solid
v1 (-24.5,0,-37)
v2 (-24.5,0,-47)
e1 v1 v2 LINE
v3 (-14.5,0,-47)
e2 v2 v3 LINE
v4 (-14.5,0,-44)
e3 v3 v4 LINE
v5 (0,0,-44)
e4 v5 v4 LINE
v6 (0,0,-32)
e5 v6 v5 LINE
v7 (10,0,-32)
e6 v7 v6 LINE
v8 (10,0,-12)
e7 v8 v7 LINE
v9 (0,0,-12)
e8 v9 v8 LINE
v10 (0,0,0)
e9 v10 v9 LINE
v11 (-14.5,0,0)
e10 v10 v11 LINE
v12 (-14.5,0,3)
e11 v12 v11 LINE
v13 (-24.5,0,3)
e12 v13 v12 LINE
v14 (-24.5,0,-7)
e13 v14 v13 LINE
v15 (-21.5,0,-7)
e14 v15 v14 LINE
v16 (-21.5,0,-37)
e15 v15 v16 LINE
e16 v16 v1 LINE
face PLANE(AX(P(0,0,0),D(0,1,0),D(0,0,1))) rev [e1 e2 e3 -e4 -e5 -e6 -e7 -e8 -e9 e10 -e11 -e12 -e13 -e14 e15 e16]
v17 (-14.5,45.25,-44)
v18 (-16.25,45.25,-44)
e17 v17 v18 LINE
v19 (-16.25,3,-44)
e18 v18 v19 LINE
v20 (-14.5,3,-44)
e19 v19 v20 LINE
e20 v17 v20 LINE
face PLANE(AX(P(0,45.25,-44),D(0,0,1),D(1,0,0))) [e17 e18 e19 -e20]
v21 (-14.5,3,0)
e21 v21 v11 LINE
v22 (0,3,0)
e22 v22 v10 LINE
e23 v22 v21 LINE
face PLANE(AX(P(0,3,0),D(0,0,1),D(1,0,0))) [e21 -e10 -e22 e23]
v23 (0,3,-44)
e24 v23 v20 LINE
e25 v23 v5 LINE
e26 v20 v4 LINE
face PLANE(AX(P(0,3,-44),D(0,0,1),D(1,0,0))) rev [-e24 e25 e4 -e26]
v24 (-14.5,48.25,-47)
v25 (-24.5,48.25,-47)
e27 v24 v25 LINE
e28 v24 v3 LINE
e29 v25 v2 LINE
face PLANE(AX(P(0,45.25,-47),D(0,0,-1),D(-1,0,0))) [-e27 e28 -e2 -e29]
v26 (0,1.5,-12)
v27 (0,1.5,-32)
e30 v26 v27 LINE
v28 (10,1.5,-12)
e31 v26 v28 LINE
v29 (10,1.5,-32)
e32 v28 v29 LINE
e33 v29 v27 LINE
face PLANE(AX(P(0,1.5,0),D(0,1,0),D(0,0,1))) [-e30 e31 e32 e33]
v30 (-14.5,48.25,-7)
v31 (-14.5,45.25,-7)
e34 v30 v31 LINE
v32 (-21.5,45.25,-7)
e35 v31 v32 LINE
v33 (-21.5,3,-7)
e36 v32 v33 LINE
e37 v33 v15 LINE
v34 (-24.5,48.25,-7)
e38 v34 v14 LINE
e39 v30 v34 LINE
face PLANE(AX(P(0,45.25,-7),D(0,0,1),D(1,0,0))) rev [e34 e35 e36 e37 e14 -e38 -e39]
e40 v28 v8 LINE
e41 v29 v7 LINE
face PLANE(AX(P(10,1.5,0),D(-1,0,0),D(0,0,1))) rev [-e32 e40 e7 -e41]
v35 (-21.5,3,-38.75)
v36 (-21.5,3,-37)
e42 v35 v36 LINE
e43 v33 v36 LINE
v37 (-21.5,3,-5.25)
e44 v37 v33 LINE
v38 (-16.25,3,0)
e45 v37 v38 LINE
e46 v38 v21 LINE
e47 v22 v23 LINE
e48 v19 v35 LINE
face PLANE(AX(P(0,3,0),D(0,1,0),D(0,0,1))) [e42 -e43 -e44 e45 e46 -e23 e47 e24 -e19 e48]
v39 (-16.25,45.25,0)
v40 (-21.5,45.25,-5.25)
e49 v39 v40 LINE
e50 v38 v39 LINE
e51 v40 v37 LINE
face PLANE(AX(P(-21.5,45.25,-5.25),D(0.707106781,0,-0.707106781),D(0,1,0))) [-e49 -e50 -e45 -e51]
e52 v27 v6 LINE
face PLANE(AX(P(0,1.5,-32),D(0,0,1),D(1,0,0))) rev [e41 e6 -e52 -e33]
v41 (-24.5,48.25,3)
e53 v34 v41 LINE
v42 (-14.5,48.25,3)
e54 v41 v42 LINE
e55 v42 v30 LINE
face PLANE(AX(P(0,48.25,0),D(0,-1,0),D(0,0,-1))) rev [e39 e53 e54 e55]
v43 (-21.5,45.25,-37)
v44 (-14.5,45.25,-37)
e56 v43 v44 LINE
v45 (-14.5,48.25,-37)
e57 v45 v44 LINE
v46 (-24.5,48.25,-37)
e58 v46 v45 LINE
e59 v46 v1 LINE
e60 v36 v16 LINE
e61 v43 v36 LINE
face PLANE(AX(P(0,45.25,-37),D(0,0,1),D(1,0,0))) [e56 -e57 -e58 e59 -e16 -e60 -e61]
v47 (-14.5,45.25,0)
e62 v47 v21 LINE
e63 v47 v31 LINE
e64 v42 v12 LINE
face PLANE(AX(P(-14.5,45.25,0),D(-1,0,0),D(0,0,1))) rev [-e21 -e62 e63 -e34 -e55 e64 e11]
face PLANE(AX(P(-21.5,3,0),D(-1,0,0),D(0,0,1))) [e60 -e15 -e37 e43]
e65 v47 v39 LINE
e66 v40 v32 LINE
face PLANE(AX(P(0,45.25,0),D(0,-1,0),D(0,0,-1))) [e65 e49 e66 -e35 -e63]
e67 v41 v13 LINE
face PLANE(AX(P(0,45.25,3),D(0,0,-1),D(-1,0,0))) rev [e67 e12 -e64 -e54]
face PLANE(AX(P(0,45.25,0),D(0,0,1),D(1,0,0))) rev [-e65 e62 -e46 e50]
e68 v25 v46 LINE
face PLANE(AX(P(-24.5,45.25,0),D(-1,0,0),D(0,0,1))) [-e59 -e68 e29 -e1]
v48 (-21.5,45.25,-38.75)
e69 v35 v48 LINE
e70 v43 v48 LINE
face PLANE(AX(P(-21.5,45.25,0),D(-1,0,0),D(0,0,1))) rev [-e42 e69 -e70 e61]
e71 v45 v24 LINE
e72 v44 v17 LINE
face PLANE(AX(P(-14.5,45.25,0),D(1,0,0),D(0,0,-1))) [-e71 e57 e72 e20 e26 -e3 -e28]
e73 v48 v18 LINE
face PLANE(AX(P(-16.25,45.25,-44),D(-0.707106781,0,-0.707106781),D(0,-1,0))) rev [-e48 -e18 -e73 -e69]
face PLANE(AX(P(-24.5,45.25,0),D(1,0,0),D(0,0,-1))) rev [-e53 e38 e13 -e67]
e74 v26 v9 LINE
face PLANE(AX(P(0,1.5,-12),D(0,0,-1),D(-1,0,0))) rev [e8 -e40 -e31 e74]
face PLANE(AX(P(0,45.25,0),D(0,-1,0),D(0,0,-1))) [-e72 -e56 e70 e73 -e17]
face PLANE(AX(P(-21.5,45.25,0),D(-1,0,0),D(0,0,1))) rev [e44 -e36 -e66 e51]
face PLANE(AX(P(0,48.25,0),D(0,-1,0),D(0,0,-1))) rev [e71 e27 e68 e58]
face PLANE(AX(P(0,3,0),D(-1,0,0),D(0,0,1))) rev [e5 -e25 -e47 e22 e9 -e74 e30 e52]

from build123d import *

# Parameters (mm, degrees)
SKETCH1_W           = 21.5
SKETCH1_H           = 44
BOSS_EXTRUDE1_DEPTH = 3
SKETCH1_3_W         = 10
SKETCH1_3_H         = 20
BOSS_EXTRUDE2_DEPTH = 1.5
BOSS_EXTRUDE3_DEPTH = 45.25
SKETCH2_W           = 10
SKETCH2_H           = 10
BOSS_EXTRUDE4_DEPTH = 3
CHAMFER1_SIZE       = 5.25


with BuildPart() as part:
    # Sketch1 → Boss-Extrude1 (new body)
    with BuildSketch(Plane(origin=(0, 0, 0), x_dir=(1, 0, 0), z_dir=(0, 1, 0))):
        with Locations((-10.75, 22)):
            Rectangle(SKETCH1_W, SKETCH1_H)
    extrude(amount=BOSS_EXTRUDE1_DEPTH)

    # Sketch1<3> → Boss-Extrude2 (add)
    with BuildSketch(Plane(origin=(0, 0, 0), x_dir=(1, 0, 0), z_dir=(0, 1, 0))):
        with Locations((5, 22)):
            Rectangle(SKETCH1_3_W, SKETCH1_3_H)
    extrude(amount=BOSS_EXTRUDE2_DEPTH)

    # Sketch1<4> → Boss-Extrude3 (add)
    with BuildSketch(Plane(origin=(0, 0, 0), x_dir=(1, 0, 0), z_dir=(0, 1, 0))):
        Polygon((-14.5, -3), (-14.5, 0), (-21.5, 0), (-21.5, 7), (-24.5, 7), (-24.5, -3), align=None)
        Polygon((-24.5, 37), (-21.5, 37), (-21.5, 44), (-14.5, 44), (-14.5, 47), (-24.5, 47), align=None)
    extrude(amount=BOSS_EXTRUDE3_DEPTH)

    # Sketch2 → Boss-Extrude4 (add)
    with BuildSketch(Plane(origin=(0, 45.25, 0), x_dir=(1, 0, 0), z_dir=(0, 1, 0))):
        with Locations((-19.5, 2)):
            Rectangle(SKETCH2_W, SKETCH2_H)
        with Locations((-19.5, 42)):
            Rectangle(SKETCH2_W, SKETCH2_H)
    extrude(amount=BOSS_EXTRUDE4_DEPTH)

    # Chamfer1
    chamfer1_edges = [part.edges().sort_by_distance(p)[0] for p in [
        (-21.5, 24.125, 0),
        (-21.5, 24.125, -44),
    ]]
    chamfer(chamfer1_edges, length=CHAMFER1_SIZE)


solid = part.part
